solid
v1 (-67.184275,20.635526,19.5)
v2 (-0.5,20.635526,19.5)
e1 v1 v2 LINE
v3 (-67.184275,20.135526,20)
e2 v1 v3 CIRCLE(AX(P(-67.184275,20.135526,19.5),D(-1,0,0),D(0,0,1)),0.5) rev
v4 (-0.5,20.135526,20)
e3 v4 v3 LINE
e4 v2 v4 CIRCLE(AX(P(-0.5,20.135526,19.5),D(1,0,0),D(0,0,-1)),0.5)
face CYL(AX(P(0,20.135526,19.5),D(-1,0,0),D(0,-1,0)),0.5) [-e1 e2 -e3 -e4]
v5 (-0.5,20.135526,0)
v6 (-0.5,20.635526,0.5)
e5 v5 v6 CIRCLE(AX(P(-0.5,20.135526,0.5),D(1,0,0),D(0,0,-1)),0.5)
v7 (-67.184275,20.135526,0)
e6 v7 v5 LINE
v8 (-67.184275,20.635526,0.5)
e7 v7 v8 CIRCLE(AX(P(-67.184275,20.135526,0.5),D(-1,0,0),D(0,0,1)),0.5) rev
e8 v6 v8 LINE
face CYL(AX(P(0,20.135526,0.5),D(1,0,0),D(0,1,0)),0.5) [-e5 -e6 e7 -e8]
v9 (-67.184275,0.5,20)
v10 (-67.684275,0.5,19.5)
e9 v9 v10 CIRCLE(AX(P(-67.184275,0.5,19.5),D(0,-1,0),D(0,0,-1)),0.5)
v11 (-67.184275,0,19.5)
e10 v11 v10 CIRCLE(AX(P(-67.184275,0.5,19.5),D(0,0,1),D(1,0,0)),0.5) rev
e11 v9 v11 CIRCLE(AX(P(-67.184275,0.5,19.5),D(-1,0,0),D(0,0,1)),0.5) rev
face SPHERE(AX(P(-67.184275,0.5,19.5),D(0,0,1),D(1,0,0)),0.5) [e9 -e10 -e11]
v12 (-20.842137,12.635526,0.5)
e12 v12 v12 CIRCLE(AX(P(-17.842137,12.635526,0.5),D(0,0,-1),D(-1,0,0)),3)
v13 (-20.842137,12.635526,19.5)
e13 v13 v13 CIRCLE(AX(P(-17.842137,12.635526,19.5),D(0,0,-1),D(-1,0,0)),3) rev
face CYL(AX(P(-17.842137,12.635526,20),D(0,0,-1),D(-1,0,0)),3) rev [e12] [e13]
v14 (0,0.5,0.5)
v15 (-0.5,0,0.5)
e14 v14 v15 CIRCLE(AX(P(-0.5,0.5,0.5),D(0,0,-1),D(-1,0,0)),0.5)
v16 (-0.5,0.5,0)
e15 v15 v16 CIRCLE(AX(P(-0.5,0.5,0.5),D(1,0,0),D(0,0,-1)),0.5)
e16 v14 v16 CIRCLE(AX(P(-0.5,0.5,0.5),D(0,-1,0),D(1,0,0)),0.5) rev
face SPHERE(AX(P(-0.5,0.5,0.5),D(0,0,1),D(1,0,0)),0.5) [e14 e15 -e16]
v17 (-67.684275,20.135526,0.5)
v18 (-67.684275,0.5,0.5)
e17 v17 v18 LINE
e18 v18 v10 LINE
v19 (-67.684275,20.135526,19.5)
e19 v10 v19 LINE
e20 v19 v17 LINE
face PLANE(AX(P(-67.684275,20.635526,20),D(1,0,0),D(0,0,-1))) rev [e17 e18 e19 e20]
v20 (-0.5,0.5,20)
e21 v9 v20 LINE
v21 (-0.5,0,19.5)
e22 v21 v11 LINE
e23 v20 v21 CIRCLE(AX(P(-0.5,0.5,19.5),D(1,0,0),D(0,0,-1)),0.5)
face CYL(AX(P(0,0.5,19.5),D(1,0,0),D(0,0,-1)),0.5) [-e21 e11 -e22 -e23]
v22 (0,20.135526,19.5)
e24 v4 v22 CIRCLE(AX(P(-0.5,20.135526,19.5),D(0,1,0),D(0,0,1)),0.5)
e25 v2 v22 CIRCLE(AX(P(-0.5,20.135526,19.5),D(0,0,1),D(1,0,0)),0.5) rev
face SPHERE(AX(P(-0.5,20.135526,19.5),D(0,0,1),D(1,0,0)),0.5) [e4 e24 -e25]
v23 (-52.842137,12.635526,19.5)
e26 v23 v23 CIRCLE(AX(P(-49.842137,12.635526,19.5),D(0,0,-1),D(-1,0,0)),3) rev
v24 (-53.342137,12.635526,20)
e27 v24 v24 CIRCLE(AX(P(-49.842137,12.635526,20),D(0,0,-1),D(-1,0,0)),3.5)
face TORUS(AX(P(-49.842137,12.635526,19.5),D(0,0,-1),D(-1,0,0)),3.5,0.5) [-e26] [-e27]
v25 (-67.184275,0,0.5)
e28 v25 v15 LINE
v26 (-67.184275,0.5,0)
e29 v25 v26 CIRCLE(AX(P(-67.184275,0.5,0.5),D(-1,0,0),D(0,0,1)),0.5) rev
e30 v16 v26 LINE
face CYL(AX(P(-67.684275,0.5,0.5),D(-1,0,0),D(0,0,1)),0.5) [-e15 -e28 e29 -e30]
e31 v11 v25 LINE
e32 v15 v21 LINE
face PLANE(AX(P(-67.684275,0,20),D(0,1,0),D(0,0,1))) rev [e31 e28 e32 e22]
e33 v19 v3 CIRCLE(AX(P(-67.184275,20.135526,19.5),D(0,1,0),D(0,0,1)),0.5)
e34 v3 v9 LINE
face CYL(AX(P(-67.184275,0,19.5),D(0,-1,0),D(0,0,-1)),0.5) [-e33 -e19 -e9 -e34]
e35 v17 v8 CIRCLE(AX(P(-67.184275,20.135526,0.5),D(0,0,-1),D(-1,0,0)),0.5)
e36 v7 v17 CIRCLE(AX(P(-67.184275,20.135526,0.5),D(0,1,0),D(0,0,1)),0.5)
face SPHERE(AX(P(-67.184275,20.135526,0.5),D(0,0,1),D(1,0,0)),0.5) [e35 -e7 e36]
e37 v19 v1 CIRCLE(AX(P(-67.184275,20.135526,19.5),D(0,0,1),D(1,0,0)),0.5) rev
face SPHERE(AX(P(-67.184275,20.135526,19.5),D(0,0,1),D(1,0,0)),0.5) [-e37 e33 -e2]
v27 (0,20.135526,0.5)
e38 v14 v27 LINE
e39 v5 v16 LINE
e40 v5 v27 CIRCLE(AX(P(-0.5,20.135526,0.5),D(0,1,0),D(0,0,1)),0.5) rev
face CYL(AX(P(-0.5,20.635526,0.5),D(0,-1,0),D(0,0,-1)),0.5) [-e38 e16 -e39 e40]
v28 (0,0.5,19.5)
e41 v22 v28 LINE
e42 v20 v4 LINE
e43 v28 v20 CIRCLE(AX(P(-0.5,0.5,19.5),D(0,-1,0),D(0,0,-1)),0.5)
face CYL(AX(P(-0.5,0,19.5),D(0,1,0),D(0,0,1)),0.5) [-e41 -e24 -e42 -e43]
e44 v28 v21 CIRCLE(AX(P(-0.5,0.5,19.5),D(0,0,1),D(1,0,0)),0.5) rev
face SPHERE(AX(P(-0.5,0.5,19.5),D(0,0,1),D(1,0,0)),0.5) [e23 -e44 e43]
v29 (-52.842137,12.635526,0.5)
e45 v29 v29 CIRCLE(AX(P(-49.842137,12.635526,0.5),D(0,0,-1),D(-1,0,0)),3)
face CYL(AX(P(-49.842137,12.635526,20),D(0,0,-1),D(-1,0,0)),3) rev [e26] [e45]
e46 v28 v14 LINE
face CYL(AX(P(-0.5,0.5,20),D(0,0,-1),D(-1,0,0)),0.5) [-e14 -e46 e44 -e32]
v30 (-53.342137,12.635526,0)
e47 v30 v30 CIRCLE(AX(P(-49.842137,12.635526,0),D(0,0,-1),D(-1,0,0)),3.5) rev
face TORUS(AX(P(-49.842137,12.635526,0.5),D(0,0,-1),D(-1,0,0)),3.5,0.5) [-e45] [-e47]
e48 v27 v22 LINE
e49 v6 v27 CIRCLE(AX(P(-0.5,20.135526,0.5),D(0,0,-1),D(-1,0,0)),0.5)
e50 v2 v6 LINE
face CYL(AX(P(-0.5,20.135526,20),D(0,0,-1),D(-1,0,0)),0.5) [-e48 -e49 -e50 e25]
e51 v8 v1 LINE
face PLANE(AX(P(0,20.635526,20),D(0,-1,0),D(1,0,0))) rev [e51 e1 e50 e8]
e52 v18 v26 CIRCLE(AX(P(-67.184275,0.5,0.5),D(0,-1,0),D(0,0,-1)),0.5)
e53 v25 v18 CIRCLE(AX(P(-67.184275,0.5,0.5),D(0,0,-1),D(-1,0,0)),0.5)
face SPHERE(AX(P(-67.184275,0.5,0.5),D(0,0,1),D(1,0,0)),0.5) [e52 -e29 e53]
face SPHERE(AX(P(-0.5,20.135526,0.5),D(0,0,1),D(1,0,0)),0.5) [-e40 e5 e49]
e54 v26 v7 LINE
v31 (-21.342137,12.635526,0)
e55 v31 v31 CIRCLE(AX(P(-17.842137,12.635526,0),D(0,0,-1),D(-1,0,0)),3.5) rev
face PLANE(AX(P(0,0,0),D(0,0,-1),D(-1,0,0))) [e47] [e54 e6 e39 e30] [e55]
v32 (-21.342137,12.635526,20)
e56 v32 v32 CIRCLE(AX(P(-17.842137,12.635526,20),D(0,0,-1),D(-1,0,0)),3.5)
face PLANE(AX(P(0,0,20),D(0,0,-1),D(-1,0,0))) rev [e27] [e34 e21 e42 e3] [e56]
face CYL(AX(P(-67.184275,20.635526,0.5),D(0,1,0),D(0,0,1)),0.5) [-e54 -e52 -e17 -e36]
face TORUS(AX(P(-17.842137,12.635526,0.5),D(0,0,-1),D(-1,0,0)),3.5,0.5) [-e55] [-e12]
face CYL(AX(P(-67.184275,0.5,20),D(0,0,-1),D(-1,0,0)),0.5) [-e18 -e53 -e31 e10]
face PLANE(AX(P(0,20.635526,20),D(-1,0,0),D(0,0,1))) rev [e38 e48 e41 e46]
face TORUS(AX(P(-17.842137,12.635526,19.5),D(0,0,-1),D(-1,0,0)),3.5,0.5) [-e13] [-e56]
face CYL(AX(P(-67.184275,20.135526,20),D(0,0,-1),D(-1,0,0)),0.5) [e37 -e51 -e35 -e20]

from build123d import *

# Parameters (mm, degrees)
SKETCH1_W           = 67.684274796
SKETCH1_H           = 20.635526277
SKETCH1_R           = 3
BOSS_EXTRUDE1_DEPTH = 20
FILLET1_R           = 0.5


with BuildPart() as part:
    # Sketch1 → Boss-Extrude1 (new body)
    with BuildSketch(Plane.XY):
        with Locations((-33.842137398, 10.317763139)):
            Rectangle(SKETCH1_W, SKETCH1_H)
        with Locations((-49.842137398, 12.635526277)):
            Circle(SKETCH1_R, mode=Mode.SUBTRACT)
        with Locations((-17.842137398, 12.635526277)):
            Circle(SKETCH1_R, mode=Mode.SUBTRACT)
    extrude(amount=BOSS_EXTRUDE1_DEPTH)

    # Fillet1
    fillet1_edges = [part.edges().sort_by_distance(p)[0] for p in [
        (-52.842137398, 12.635526277, 0),
        (-52.842137398, 12.635526277, 20),
        (-33.842137398, 20.635526277, 20),
        (-20.842137398, 12.635526277, 0),
        (-20.842137398, 12.635526277, 20),
        (-67.684274796, 10.317763139, 20),
        (-33.842137398, 0, 20),
        (-67.684274796, 10.317763139, 0),
        (-33.842137398, 20.635526277, 0),
        (0, 10.317763139, 0),
        (-33.842137398, 0, 0),
        (-67.684274796, 0, 10),
        (-67.684274796, 20.635526277, 10),
        (0, 20.635526277, 10),
        (0, 0, 10),
        (0, 10.317763139, 20),
    ]]
    fillet(fillet1_edges, radius=FILLET1_R)


solid = part.part
